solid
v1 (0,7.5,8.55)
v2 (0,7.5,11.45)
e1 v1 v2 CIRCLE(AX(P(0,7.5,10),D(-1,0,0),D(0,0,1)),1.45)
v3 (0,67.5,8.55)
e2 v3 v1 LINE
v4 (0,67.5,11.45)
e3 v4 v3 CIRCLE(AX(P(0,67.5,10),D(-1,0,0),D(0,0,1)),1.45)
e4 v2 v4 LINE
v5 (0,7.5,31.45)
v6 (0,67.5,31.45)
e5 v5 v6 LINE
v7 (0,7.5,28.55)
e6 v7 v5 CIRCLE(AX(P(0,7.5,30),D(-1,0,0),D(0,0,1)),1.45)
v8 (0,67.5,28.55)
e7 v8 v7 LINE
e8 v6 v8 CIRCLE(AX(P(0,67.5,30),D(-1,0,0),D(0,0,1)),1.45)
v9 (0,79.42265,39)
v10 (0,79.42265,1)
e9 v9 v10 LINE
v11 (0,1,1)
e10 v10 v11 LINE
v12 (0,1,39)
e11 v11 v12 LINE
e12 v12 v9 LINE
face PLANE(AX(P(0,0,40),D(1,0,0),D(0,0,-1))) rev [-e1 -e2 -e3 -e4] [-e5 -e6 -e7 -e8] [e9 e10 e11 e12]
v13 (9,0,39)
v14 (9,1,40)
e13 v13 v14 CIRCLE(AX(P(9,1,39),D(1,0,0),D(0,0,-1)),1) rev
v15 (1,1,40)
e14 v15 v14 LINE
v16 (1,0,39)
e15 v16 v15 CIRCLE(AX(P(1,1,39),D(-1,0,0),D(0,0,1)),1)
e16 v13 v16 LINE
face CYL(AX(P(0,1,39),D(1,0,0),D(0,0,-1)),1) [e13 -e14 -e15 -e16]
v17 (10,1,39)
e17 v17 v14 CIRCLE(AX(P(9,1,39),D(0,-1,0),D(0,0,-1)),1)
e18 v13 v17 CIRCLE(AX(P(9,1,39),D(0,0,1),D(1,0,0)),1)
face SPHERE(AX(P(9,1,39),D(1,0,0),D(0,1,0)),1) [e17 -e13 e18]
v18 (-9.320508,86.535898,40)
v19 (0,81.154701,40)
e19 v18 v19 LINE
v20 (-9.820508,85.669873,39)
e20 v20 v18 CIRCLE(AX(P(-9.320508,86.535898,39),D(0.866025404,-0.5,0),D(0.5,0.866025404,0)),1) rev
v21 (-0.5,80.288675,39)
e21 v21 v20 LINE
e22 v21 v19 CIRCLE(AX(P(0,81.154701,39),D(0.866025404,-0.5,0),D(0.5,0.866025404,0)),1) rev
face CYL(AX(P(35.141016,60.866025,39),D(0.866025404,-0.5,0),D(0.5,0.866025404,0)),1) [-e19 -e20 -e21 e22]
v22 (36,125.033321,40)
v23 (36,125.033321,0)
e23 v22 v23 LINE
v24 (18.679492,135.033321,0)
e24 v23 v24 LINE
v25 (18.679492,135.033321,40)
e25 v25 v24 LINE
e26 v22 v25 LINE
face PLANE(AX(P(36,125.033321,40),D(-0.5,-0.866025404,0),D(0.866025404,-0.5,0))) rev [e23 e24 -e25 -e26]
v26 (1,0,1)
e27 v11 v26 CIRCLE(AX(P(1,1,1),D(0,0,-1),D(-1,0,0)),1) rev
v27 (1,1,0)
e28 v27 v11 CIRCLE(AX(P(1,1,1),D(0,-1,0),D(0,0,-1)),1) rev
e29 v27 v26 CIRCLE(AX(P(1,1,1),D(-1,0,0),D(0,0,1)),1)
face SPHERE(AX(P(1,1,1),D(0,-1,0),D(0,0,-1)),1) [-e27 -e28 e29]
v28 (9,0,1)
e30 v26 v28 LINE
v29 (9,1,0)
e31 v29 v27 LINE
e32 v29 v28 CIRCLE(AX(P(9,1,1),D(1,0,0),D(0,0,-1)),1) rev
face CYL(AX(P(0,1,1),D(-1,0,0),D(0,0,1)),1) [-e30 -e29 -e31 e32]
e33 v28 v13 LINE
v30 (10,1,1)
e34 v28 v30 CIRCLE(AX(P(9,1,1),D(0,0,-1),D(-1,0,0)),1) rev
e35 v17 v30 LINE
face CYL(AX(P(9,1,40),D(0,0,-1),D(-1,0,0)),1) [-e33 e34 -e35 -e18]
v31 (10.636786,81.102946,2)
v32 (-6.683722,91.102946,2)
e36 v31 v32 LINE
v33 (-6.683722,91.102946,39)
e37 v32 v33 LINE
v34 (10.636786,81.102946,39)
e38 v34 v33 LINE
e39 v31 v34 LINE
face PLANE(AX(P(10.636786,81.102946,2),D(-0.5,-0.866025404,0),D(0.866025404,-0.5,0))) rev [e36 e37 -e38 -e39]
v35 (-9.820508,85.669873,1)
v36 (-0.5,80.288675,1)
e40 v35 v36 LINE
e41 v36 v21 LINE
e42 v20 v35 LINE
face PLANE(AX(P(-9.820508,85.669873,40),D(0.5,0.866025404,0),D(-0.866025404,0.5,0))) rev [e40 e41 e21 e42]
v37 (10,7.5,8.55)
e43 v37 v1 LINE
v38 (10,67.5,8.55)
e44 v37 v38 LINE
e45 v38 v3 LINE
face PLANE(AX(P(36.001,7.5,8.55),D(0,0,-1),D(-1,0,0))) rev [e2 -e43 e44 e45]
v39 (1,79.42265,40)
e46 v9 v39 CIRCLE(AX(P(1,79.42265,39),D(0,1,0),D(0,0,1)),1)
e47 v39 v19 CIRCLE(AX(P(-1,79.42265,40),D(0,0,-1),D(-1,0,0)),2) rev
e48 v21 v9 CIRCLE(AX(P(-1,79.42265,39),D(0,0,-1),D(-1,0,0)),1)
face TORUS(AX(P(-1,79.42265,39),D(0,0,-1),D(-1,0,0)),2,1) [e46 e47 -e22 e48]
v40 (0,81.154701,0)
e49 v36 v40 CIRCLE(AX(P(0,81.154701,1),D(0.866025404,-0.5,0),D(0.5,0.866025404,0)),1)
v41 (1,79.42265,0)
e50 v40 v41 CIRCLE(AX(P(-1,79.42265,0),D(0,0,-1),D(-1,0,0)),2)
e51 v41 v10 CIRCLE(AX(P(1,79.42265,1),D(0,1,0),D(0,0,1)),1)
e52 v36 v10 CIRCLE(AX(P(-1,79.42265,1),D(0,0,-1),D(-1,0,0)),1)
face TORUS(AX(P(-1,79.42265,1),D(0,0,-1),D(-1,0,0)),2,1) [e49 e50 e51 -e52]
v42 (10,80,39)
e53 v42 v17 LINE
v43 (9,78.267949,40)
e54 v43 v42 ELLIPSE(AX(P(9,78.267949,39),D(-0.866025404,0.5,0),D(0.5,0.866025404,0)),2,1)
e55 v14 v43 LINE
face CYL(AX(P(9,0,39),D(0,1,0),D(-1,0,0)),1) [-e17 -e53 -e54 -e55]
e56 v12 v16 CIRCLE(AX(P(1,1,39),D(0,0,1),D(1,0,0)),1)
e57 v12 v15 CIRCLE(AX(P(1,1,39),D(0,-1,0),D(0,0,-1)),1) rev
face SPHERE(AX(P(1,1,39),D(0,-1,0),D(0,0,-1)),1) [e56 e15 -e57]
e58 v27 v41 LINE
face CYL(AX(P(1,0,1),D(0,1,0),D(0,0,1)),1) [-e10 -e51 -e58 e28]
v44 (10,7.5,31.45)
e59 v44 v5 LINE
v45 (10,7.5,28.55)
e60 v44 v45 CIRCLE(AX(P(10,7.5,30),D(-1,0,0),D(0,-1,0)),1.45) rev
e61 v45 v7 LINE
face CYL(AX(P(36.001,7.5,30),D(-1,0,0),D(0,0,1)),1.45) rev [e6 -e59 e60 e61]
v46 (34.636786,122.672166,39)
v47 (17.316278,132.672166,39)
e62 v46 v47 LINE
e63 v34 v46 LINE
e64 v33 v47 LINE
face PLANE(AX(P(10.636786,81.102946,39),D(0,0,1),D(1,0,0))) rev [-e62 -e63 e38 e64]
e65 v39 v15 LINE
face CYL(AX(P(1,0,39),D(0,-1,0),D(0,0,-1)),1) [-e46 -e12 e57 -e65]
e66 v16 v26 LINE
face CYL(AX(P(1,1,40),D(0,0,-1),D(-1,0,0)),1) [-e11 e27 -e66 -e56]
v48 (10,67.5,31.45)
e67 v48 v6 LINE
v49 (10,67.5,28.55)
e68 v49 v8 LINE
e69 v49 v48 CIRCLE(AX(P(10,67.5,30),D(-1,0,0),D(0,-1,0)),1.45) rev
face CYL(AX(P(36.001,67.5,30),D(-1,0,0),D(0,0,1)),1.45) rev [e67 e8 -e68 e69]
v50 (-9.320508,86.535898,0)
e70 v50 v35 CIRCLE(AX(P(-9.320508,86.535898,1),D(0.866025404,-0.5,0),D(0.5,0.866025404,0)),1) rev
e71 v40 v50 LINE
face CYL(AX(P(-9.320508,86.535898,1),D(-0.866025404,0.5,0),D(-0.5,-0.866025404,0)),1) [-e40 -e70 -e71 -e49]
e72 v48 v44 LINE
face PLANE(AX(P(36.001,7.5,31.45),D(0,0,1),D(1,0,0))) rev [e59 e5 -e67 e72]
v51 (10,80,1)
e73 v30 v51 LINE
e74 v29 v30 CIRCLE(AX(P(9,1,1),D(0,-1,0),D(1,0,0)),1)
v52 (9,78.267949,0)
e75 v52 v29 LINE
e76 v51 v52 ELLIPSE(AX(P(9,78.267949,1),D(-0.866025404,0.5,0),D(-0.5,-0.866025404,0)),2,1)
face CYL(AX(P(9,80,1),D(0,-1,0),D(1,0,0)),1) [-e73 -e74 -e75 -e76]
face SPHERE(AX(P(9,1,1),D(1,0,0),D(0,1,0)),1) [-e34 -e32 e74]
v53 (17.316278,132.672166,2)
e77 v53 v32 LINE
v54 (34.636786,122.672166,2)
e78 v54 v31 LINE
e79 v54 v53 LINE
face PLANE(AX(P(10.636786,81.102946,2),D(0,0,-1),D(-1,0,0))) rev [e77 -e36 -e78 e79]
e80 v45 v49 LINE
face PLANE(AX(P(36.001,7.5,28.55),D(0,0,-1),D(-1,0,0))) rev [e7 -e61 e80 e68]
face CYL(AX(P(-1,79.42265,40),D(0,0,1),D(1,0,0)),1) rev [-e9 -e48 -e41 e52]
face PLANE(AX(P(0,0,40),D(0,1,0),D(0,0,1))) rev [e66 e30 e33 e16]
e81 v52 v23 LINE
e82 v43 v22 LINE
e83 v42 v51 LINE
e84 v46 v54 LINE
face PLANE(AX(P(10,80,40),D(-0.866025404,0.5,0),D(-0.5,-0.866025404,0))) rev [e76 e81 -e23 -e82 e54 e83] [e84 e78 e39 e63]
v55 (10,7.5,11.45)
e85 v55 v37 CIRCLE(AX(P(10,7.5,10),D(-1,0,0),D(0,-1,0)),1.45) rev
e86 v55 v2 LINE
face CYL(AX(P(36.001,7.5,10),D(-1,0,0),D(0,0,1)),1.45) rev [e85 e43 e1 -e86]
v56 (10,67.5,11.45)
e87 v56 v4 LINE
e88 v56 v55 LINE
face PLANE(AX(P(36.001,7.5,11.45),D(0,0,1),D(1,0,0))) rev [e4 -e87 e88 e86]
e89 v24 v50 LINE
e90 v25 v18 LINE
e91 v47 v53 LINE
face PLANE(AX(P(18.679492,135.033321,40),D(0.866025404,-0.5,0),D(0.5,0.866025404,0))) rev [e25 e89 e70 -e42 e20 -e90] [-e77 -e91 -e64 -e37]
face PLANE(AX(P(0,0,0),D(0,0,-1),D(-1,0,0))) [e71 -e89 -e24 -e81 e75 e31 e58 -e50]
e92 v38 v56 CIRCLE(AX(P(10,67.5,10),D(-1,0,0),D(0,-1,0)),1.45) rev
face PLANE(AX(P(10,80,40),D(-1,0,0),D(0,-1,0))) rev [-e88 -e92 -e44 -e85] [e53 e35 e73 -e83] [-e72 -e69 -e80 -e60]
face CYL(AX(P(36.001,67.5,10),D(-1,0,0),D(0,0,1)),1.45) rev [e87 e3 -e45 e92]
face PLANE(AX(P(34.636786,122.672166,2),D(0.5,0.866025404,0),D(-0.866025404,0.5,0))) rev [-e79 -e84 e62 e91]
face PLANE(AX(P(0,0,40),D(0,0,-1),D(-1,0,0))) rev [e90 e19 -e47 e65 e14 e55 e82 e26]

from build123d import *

# Parameters (mm, degrees)
BOSS_EXTRU_1_DEPTH      = 40
CONG_2_R                = 1
ENL_V_MAT_EXTRU_4_REACH = 147.362
ESQUISSE14_W            = 37
ESQUISSE14_H            = 48
ENL_V_MAT_EXTRU_5_DEPTH = 20


with BuildPart() as part:
    # Esquisse1 → Boss.-Extru.1 (new body)
    with BuildSketch(Plane.XY):
        Polygon((0, 0), (10, 0), (10, 80), (36, 125.033320997), (18.679491924, 135.033320997), (-9.820508076, 85.669872981), (0, 80), align=None)
    extrude(amount=BOSS_EXTRU_1_DEPTH)

    # Congé2
    cong_2_edges = [part.edges().sort_by_distance(p)[0] for p in [
        (0, 40, 0),
        (0, 80, 20),
        (10, 40, 40),
        (10, 0, 20),
        (0, 0, 20),
        (-4.910254038, 82.834936491, 40),
        (0, 40, 40),
        (-4.910254038, 82.834936491, 0),
        (5, 0, 40),
        (10, 40, 0),
        (5, 0, 0),
    ]]
    fillet(cong_2_edges, radius=CONG_2_R)

    # Esquisse13 → Enlèv. mat.-Extru.4 (cut, up to next)
    with BuildSketch(Plane.ZY, mode=Mode.PRIVATE) as enl_v_mat_extru_4_sk1:
        with BuildLine():
            Line((8.55, 7.5), (8.55, 67.5))
            ThreePointArc((8.55, 67.5), (10, 68.95), (11.45, 67.5))
            Line((11.45, 67.5), (11.45, 7.5))
            ThreePointArc((11.45, 7.5), (10, 6.05), (8.55, 7.5))
        make_face()
    enl_v_mat_extru_4_tool1 = extrude(enl_v_mat_extru_4_sk1.sketch, amount=-ENL_V_MAT_EXTRU_4_REACH, mode=Mode.PRIVATE) & part.part
    # Esquisse13 → Enlèv. mat.-Extru.4 (cut, up to next)
    with BuildSketch(Plane.ZY, mode=Mode.PRIVATE) as enl_v_mat_extru_4_sk2:
        with BuildLine():
            Line((28.55, 7.5), (28.55, 67.5))
            ThreePointArc((28.55, 67.5), (30, 68.95), (31.45, 67.5))
            Line((31.45, 67.5), (31.45, 7.5))
            ThreePointArc((31.45, 7.5), (30, 6.05), (28.55, 7.5))
        make_face()
    enl_v_mat_extru_4_tool2 = extrude(enl_v_mat_extru_4_sk2.sketch, amount=-ENL_V_MAT_EXTRU_4_REACH, mode=Mode.PRIVATE) & part.part
    add(enl_v_mat_extru_4_tool1.solids().sort_by_distance((0, 37.5, 10))[0], mode=Mode.SUBTRACT)
    add(enl_v_mat_extru_4_tool2.solids().sort_by_distance((0, 37.5, 30))[0], mode=Mode.SUBTRACT)

    # Esquisse14 → Enlèv. mat.-Extru.5 (cut)
    with BuildSketch(Plane(origin=(-44.461524227, 25.669872981, 0), x_dir=(0, 0, 1), z_dir=(-0.8660254037844419, 0.4999999999999945, 0))):
        with Locations((20.5, 99.55560496)):
            Rectangle(ESQUISSE14_W, ESQUISSE14_H)
    extrude(amount=-ENL_V_MAT_EXTRU_5_DEPTH, mode=Mode.SUBTRACT)


solid = part.part
